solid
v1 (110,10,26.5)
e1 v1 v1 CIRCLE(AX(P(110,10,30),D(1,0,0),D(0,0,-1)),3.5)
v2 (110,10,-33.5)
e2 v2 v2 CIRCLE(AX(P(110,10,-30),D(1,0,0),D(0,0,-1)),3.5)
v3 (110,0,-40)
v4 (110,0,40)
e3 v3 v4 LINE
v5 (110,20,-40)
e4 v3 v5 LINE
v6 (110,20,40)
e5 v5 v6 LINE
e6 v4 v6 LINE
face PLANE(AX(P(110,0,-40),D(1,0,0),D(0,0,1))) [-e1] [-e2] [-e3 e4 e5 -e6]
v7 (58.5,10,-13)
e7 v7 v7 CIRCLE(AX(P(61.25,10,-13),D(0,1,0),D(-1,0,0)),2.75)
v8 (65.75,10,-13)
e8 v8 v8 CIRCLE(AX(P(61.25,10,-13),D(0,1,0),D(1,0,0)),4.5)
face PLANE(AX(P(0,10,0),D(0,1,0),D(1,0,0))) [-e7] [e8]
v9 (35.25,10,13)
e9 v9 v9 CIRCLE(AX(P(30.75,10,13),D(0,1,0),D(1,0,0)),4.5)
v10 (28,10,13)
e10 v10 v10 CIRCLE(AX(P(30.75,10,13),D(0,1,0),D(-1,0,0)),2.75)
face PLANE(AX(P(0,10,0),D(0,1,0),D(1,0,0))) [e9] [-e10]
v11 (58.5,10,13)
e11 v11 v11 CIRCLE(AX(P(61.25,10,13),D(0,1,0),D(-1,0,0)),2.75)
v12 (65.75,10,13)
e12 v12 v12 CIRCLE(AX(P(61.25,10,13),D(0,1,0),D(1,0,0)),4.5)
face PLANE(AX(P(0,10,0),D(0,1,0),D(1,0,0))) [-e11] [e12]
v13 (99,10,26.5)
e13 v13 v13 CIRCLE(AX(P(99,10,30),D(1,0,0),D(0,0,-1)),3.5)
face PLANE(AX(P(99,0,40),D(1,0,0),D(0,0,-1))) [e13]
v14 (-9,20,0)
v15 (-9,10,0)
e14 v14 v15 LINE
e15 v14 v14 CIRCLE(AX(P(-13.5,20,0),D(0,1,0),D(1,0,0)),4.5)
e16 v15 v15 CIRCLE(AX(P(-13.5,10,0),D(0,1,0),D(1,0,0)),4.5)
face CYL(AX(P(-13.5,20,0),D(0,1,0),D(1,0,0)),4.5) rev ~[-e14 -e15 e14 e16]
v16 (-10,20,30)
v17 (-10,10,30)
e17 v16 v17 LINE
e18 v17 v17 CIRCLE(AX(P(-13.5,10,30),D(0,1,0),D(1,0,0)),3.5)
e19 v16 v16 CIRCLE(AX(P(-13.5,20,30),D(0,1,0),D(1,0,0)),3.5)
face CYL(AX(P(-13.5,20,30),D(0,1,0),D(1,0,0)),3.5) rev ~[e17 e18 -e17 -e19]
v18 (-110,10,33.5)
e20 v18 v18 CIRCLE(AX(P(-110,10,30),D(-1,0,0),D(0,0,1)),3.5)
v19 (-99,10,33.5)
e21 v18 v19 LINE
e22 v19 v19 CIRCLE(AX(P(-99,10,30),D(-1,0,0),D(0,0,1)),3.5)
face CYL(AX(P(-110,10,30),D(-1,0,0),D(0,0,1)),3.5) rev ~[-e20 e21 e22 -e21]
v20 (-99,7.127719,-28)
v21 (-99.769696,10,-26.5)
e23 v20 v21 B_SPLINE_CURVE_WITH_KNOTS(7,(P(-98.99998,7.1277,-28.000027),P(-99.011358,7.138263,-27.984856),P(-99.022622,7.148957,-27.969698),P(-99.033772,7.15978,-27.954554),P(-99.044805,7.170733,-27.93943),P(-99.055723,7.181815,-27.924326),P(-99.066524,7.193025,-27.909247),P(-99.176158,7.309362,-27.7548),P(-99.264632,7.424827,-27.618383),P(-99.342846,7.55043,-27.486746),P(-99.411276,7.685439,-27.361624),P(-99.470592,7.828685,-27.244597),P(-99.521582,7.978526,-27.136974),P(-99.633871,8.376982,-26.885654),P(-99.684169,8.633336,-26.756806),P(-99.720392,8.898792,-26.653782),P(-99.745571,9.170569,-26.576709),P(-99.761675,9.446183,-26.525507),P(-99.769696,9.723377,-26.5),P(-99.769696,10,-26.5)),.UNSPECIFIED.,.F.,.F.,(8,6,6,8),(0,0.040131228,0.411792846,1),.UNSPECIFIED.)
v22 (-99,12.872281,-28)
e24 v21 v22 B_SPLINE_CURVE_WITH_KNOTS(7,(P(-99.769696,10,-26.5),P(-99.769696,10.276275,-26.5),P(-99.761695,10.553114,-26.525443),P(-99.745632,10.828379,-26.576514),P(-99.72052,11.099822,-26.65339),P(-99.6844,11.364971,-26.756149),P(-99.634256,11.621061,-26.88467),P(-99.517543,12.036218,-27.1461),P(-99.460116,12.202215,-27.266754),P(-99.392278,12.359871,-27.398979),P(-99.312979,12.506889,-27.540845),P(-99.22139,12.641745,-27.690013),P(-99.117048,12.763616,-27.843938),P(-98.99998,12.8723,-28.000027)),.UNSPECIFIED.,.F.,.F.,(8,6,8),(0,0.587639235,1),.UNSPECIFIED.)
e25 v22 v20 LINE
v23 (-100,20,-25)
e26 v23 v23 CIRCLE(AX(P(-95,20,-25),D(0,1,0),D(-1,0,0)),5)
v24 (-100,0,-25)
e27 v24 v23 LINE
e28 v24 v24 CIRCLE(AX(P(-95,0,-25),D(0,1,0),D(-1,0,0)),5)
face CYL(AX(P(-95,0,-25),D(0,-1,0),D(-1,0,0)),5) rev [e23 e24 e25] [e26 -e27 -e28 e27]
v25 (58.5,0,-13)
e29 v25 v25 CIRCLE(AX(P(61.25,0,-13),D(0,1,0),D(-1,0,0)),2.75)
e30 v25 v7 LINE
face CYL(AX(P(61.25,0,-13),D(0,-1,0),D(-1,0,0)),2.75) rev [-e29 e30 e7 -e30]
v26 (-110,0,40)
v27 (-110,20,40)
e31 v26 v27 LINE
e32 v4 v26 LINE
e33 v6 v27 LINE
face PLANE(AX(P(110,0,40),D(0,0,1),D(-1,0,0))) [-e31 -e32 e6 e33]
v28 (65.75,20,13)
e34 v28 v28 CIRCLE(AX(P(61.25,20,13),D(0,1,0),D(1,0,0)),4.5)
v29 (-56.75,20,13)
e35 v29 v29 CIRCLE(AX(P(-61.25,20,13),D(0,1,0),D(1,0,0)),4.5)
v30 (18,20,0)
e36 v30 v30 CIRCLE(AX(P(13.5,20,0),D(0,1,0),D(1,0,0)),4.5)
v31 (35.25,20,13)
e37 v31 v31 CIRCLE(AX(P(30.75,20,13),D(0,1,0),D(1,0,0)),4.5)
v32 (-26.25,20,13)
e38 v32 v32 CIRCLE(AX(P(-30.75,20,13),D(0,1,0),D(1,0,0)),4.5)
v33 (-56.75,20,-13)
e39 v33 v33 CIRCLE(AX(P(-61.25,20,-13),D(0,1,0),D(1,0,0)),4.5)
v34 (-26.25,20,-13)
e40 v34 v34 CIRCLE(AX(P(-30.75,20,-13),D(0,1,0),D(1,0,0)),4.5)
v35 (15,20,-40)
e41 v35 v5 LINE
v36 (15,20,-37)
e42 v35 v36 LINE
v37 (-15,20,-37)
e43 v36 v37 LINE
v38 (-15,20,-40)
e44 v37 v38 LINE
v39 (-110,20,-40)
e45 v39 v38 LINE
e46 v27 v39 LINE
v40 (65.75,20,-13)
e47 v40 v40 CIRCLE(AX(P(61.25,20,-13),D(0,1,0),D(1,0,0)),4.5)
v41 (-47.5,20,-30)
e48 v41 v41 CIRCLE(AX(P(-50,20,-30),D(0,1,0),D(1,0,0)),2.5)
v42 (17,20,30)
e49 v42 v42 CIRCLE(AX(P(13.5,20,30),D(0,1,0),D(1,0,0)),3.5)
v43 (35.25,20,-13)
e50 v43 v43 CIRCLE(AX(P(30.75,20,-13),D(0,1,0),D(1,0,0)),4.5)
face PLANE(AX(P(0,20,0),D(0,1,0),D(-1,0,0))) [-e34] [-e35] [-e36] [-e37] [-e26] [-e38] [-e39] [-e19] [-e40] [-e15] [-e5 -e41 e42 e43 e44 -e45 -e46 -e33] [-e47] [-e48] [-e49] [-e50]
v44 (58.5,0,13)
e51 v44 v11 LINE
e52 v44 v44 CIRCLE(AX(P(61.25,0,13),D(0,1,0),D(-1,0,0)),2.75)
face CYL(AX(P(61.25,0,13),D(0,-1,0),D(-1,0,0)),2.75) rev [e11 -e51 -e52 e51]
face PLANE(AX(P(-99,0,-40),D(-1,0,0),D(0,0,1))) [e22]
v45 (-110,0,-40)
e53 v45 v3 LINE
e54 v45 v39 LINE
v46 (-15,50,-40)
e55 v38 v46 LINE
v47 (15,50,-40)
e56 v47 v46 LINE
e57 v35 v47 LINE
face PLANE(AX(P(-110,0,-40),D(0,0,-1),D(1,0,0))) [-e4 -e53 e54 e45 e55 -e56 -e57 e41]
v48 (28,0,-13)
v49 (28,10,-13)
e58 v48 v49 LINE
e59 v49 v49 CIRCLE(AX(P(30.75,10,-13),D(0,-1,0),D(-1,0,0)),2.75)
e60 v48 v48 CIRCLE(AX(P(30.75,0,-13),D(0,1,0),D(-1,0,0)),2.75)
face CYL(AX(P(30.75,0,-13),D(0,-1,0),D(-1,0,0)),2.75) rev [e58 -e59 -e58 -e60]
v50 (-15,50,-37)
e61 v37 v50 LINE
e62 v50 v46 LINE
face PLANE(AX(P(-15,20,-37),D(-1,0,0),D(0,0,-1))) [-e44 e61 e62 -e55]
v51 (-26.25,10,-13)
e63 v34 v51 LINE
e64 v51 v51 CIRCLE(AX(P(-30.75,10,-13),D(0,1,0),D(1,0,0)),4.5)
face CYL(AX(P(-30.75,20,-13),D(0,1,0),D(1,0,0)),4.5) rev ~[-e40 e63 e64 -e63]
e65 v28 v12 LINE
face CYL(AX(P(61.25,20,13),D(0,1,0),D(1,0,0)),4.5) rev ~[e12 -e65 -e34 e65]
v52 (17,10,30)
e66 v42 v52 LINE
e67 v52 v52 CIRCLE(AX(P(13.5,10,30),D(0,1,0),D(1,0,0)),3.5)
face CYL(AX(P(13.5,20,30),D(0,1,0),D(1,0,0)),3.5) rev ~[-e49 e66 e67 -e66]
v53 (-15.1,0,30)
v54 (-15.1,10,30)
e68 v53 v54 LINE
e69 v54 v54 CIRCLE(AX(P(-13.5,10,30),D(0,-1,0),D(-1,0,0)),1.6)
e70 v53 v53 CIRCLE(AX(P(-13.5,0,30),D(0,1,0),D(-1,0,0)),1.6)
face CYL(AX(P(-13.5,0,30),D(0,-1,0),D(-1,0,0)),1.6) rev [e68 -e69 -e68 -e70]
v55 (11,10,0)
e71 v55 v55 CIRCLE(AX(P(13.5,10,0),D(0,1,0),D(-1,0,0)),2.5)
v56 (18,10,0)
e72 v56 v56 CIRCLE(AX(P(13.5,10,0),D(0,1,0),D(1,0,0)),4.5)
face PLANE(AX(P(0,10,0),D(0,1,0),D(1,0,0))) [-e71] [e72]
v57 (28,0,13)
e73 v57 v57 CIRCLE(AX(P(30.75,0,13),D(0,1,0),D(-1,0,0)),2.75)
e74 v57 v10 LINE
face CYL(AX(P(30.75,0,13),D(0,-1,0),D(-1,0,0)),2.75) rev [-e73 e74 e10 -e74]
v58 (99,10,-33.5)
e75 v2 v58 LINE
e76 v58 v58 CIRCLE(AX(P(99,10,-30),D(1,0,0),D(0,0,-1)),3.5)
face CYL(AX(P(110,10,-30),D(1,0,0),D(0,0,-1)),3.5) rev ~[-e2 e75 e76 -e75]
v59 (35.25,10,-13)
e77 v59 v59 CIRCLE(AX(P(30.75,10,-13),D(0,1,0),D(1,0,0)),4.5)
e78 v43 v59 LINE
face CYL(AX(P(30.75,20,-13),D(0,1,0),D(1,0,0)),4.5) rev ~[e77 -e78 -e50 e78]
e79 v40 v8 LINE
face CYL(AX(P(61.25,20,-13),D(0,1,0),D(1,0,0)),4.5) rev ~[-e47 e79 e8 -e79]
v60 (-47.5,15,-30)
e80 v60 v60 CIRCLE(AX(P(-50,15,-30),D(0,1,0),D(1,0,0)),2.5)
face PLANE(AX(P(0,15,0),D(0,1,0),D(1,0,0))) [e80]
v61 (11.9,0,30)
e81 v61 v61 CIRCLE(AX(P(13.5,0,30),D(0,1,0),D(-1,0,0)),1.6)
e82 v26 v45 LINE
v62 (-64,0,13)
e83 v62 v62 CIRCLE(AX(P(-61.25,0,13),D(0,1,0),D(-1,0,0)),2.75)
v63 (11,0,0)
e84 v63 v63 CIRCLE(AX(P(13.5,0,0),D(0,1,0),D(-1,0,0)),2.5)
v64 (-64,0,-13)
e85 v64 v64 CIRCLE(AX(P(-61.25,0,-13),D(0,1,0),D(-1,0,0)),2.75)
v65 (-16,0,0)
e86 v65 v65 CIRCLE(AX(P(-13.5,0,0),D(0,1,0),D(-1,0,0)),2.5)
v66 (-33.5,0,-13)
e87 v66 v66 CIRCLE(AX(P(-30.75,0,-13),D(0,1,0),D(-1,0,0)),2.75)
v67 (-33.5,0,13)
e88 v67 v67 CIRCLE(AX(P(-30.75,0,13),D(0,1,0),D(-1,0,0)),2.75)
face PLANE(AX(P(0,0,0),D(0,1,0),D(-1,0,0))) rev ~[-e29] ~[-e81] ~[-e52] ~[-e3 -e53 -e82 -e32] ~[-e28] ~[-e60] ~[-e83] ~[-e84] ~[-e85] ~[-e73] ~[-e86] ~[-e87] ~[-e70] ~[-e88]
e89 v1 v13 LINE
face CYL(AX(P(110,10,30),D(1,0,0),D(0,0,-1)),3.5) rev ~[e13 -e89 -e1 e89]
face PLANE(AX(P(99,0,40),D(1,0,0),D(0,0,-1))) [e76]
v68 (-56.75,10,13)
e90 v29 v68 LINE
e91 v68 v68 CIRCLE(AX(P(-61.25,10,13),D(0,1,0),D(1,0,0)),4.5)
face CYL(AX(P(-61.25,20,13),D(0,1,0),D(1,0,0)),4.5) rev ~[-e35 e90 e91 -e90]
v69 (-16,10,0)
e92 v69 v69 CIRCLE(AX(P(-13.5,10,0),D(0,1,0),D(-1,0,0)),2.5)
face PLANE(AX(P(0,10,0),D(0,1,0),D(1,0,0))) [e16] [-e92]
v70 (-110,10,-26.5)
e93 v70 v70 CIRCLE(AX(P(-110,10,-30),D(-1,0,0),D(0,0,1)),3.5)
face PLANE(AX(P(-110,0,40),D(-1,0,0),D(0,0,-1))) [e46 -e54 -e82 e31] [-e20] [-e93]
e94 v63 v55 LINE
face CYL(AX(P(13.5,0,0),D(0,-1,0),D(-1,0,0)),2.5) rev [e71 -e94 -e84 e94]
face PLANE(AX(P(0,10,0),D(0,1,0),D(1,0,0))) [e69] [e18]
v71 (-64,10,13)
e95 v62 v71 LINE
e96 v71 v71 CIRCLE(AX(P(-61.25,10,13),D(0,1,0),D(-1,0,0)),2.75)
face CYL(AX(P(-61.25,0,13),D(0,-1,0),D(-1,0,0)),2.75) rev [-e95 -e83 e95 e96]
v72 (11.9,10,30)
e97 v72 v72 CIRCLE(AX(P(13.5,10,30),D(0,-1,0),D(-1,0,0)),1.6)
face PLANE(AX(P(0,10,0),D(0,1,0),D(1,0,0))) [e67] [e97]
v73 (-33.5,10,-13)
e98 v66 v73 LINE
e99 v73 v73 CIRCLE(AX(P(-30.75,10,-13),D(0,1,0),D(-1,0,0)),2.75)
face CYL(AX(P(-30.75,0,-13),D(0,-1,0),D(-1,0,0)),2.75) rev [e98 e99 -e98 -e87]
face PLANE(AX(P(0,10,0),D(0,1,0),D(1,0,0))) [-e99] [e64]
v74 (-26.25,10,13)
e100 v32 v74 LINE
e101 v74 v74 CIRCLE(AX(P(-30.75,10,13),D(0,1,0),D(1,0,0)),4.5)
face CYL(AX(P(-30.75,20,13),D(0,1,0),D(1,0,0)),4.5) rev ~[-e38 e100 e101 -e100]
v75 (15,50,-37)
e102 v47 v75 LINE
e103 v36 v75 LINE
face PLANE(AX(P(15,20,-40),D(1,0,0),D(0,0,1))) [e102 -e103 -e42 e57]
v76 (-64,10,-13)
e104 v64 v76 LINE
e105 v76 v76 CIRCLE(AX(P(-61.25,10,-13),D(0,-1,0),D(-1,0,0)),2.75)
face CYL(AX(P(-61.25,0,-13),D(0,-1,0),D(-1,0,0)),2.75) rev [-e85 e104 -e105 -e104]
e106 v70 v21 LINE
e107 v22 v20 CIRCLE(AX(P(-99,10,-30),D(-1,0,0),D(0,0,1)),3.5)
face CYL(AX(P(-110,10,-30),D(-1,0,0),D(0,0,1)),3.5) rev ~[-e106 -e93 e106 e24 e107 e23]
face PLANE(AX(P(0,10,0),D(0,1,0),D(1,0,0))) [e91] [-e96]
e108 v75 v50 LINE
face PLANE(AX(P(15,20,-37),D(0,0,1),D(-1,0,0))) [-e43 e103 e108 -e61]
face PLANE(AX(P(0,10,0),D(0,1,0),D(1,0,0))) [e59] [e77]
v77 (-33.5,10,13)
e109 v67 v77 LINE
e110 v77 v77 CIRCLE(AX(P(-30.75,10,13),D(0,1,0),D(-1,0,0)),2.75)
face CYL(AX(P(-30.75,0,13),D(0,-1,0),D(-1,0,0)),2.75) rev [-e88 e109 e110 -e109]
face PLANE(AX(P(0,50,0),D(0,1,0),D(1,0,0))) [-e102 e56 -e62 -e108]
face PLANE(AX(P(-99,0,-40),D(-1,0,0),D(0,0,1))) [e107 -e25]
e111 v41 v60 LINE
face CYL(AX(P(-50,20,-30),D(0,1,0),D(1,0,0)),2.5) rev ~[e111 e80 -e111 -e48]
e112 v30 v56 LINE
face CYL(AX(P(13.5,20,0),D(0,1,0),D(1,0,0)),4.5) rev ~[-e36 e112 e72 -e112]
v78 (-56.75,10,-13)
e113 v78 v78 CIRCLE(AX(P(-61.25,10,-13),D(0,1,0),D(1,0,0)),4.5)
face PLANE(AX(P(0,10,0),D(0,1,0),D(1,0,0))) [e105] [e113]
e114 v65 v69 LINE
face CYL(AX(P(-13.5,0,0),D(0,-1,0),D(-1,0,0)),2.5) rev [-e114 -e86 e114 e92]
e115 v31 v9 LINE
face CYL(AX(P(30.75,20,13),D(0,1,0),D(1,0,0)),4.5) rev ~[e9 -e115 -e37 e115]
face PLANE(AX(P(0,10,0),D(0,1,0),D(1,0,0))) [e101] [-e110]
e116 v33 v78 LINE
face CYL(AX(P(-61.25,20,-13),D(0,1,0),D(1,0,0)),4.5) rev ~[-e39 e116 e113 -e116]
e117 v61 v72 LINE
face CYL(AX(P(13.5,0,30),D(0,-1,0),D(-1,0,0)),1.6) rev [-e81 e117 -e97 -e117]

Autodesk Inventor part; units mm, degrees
ref_plane "YZ Plane" through (0, 0, 0) normal (1, 0, 0) x (0, 1, 0)
ref_plane "XZ Plane" through (0, 0, 0) normal (0, 1, 0) x (-1, 0, 0)
ref_plane "XY Plane" through (0, 0, 0) normal (0, 0, 1) x (1, 0, 0)
sketch "Sketch1" plane through (0, 0, 0) normal (0, 1, 0) x (-1, 0, 0)
  line L0 (110, -40) -> (-110, -40)
  line L1 (-110, -40) -> (-110, 40)
  line L2 (-110, 40) -> (110, 40)
  line L3 (110, 40) -> (110, -40)
  line L4 (0, -40) -> (0, 40) construction
  line L5 (110, 0) -> (-110, 0) construction
  circle A0 centre (13.5, 0) radius 2.5
  circle A1 centre (-13.5, 0) radius 2.5
  line L6 (46, -40) -> (46, 40) construction
  line L7 (61.25, -13) -> (30.75, -13) construction
  line L8 (30.75, -13) -> (30.75, 13) construction
  line L9 (30.75, 13) -> (61.25, 13) construction
  line L10 (61.25, 13) -> (61.25, -13) construction
  line L11 (46, 13) -> (46, -13) construction
  line L12 (61.25, 0) -> (30.75, 0) construction
  circle A2 centre (30.75, -13) radius 2.75
  circle A3 centre (61.25, -13) radius 2.75
  circle A4 centre (61.25, 13) radius 2.75
  circle A5 centre (30.75, 13) radius 2.75
  circle A6 centre (-30.75, -13) radius 2.75
  circle A7 centre (-61.25, -13) radius 2.75
  circle A8 centre (-61.25, 13) radius 2.75
  circle A9 centre (-30.75, 13) radius 2.75
  circle A10 centre (95, -25) radius 5
  circle A11 centre (13.5, 30) radius 1.6
  circle A12 centre (-13.5, 30) radius 1.6
  point P0 (0, 0)
  point P1 (0, 0)
  dimension "d0" = 220
  dimension "d1" = 80
  dimension "d2" = 5
  dimension "d3" = 27
  dimension "d4" = 92
  dimension "d5" = 30.5
  dimension "d6" = 26
  dimension "d7" = 5.5
  dimension "d8" = 5.5
  dimension "d9" = 5.5
  dimension "d10" = 5.5
  dimension "d19" = 10
  dimension "d20" = 15
  dimension "d21" = 3.2
  dimension "d22" = 27
  dimension "d23" = 10
  dimension "d44" = 15
extrude "Extrusion1" add sketch "Sketch1" along normal blind 20
sketch "Sketch2" plane through (0, 20, 0) normal (0, 1, 0) x (1, 0, 0)
  line L0 (110, 40) -> (-110, 40) projected
  line L1 (-15, 40) -> (15, 40)
  line L2 (15, 40) -> (15, 37)
  line L3 (15, 37) -> (-15, 37)
  line L4 (-15, 37) -> (-15, 40)
  line L5 (0, 37) -> (0, 40) construction
  line L6 (-110, -40) -> (110, -40) construction
  line L7 (0, -40) -> (0, 40) construction
  point P0 (0, 0)
  point P1 (15, 40)
  dimension "d26" = 30
  dimension "d27" = 3
extrude "Extrusion2" add sketch "Sketch2" along normal blind 30
sketch "Sketch3" plane through (0, 20, 0) normal (0, 1, 0) x (1, 0, 0)
  circle A0 centre (30.75, -13) radius 2.75 projected
  circle A1 centre (61.25, -13) radius 2.75 projected
  circle A2 centre (61.25, 13) radius 2.75 projected
  circle A3 centre (30.75, 13) radius 2.75 projected
  circle A4 centre (13.5, 0) radius 2.5 projected
  circle A5 centre (13.5, -30) radius 1.6 projected
  line L0 (-110, -40) -> (110, -40) construction
  line L1 (0, -40) -> (0, 40) construction
  line L2 (110, 40) -> (-110, 40) construction
  circle A6 centre (13.5, -30) radius 1.6 projected
  circle A7 centre (13.5, -30) radius 3.5
  circle A8 centre (13.5, 0) radius 4.5
  circle A9 centre (30.75, -13) radius 4.5
  circle A10 centre (30.75, 13) radius 4.5
  circle A11 centre (61.25, -13) radius 4.5
  circle A12 centre (61.25, 13) radius 4.5
  circle A13 centre (-30.75, -13) radius 2.75
  circle A14 centre (-61.25, -13) radius 2.75
  circle A15 centre (-61.25, 13) radius 2.75
  circle A16 centre (-30.75, 13) radius 2.75
  circle A17 centre (-13.5, 0) radius 2.5
  circle A18 centre (-13.5, -30) radius 1.6
  circle A19 centre (-13.5, -30) radius 1.6
  circle A20 centre (-13.5, -30) radius 3.5
  circle A21 centre (-13.5, 0) radius 4.5
  circle A22 centre (-30.75, -13) radius 4.5
  circle A23 centre (-30.75, 13) radius 4.5
  circle A24 centre (-61.25, -13) radius 4.5
  circle A25 centre (-61.25, 13) radius 4.5
  point P0 (0, 0)
  dimension "d30" = 7
  dimension "d31" = 9
  dimension "d32" = 9
  dimension "d33" = 9
  dimension "d34" = 9
  dimension "d35" = 9
extrude "Extrusion3" cut sketch "Sketch3" against normal blind 10 contours A3 | A5 | A7 | A8 | A9 | A10 | A11 | A12 | A15 | A18 | A20 | A21 | A22 | A23 | A24 | A25
sketch "Sketch4" plane through (110, 0, 40) normal (1, 0, 0) x (0, 0, -1)
  line L0 (0, 0) -> (0, 20) construction
  line L1 (0, 10) -> (80, 10) construction
  line L2 (80, 0) -> (80, 20) construction
  line L3 (40, 0) -> (40, 20) construction
  line L4 (0, 20) -> (80, 20) construction
  circle A0 centre (10, 10) radius 3.5
  circle A1 centre (70, 10) radius 3.5
  dimension "d38" = 7
  dimension "d39" = 60
extrude "Extrusion4" cut sketch "Sketch4" against normal blind 11
sketch "Sketch5" plane through (-110, 0, -40) normal (-1, 0, 0) x (0, 0, 1)
  circle A0 centre (70, 10) radius 3.5 projected
  circle A1 centre (10, 10) radius 3.5 projected
  point P0 (40, 0)
extrude "Extrusion5" cut sketch "Sketch5" against normal blind 11
sketch "Sketch6" plane through (0, 20, 0) normal (0, 1, 0) x (1, 0, 0)
  circle A0 centre (-50, 30) radius 2.5
  line L0 (15, 40) -> (-15, 40) projected
  line L1 (0, 40) -> (0, 37) construction
  line L2 (15, 37) -> (-15, 37) construction
  point P0 (0, 0)
  dimension "d45" = 5
  dimension "d46" = 10
  dimension "d47" = 50
extrude "Extrusion6" cut sketch "Sketch6" against normal blind 5
properties part number "universal_mount"
